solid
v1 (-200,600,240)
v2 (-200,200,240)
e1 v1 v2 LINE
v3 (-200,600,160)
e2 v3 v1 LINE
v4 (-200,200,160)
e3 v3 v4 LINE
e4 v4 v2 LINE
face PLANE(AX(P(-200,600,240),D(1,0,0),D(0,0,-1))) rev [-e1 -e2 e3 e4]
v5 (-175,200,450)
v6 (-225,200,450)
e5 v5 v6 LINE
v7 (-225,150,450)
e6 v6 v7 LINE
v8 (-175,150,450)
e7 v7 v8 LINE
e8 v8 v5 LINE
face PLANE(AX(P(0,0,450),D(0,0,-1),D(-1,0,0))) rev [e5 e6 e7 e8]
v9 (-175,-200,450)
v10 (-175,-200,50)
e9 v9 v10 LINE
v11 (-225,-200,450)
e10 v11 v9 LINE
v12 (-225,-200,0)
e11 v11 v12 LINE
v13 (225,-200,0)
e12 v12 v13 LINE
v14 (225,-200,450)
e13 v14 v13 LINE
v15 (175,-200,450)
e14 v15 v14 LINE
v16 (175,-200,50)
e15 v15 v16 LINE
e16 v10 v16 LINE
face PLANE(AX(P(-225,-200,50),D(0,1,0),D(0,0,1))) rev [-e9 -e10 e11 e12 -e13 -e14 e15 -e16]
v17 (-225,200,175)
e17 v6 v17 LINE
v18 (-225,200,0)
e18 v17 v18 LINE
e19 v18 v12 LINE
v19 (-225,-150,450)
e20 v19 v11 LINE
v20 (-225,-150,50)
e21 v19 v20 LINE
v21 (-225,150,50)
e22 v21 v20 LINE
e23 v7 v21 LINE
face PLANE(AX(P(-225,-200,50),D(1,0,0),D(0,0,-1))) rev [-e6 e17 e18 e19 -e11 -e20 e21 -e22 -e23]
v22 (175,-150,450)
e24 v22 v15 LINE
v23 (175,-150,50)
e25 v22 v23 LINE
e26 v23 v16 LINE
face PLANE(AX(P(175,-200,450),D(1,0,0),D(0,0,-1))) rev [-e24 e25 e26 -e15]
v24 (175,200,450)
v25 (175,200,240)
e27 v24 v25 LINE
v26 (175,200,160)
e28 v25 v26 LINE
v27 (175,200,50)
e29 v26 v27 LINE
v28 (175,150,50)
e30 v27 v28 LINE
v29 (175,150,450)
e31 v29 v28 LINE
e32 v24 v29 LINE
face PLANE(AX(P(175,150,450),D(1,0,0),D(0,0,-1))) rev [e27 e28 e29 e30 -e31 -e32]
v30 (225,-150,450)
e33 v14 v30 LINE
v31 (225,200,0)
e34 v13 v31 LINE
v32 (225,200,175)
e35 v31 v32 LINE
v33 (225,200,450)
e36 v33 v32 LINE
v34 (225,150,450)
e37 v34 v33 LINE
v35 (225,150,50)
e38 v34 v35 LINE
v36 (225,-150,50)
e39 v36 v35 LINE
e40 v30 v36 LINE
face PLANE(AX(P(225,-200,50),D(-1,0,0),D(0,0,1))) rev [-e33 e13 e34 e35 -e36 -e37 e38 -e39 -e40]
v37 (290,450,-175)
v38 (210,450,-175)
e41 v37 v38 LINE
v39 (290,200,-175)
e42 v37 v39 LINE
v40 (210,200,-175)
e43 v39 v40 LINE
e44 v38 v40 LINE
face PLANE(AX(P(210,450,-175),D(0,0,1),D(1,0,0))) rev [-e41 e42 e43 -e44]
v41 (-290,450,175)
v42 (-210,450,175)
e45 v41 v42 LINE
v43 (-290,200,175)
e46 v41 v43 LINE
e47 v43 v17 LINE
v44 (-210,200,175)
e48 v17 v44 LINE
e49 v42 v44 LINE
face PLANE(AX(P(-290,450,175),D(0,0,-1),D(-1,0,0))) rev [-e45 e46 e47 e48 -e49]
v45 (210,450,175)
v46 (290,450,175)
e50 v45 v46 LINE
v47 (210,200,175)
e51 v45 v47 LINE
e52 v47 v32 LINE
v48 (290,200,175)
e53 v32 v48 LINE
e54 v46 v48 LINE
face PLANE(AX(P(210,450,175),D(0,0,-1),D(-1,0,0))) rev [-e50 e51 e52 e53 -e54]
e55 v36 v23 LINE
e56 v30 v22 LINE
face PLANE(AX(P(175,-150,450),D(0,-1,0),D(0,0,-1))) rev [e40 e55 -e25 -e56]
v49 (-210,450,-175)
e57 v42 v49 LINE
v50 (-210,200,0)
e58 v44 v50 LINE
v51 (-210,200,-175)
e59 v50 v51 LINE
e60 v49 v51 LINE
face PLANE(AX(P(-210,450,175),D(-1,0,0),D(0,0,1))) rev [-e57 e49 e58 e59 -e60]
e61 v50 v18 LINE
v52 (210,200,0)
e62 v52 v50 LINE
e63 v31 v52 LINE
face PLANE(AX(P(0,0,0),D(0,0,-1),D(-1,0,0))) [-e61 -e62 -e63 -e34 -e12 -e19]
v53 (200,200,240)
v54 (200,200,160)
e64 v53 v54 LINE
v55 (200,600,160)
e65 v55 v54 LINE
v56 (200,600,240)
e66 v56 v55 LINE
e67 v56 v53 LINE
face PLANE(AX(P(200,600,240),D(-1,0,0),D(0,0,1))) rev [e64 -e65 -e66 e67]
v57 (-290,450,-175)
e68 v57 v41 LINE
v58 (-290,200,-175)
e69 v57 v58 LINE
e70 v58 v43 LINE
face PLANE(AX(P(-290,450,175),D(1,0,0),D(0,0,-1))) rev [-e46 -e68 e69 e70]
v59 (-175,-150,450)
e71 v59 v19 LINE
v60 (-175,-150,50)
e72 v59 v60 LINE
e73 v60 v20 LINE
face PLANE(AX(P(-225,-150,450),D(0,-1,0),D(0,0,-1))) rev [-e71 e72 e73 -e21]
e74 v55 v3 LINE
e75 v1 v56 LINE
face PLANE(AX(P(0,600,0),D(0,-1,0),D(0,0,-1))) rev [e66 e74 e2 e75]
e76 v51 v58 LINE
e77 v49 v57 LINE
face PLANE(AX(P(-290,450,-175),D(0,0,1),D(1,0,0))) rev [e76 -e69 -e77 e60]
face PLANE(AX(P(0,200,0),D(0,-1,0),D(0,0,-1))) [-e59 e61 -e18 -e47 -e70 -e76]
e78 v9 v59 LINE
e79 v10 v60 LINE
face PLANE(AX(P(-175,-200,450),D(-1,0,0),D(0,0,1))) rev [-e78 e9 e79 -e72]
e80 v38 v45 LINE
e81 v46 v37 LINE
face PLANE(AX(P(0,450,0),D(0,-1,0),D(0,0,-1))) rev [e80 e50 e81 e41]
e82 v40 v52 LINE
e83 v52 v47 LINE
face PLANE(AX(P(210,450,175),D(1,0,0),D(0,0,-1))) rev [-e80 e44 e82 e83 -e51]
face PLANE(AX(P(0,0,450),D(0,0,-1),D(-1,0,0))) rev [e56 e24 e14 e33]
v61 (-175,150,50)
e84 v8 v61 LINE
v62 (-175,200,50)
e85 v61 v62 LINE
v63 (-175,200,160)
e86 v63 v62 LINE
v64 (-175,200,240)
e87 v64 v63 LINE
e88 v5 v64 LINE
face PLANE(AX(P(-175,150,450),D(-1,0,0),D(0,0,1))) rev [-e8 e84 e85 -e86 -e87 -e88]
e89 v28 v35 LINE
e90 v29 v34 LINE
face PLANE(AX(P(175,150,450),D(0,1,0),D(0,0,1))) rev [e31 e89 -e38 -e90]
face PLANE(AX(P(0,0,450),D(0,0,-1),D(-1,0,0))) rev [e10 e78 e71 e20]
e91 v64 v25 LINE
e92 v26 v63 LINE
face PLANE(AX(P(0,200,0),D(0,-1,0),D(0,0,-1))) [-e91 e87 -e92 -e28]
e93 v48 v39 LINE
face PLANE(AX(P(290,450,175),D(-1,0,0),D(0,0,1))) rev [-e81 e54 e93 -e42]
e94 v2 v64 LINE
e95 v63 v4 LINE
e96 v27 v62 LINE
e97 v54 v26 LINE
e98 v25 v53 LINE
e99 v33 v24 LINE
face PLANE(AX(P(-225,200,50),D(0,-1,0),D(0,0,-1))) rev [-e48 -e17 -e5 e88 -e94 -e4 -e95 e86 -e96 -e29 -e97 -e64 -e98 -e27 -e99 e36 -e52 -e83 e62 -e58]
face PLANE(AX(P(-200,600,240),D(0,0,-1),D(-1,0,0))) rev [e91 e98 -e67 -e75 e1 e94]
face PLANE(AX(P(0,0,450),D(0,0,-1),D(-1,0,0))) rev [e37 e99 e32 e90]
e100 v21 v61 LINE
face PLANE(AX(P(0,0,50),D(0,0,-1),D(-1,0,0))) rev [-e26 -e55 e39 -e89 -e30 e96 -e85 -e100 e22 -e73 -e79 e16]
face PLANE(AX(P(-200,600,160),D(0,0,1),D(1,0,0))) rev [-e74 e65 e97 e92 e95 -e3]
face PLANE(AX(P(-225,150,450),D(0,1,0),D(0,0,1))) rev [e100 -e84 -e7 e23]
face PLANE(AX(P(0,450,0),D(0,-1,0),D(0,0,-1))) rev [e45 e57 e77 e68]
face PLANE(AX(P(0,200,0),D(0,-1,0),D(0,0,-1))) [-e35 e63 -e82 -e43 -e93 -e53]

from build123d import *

# Parameters (mm, degrees)
SKETCH_1_W      = 450
SKETCH_1_H      = 400
EXTRUDE_1_DEPTH = 50
SKETCH_2_W      = 50
SKETCH_2_H      = 50
EXTRUDE_2_DEPTH = 450
SKETCH_3_W      = 50
SKETCH_3_H      = 50
EXTRUDE_3_DEPTH = 450
SKETCH_4_W      = 50
SKETCH_4_H      = 50
EXTRUDE_4_DEPTH = 450
SKETCH_5_W      = 50
SKETCH_5_H      = 50
EXTRUDE_5_DEPTH = 450
SKETCH_6_W      = 400
SKETCH_6_H      = 80
EXTRUDE_6_DEPTH = 400
SKETCH_7_W      = 80
SKETCH_7_H      = 350
EXTRUDE_7_DEPTH = 250
SKETCH_8_W      = 80
SKETCH_8_H      = 350
EXTRUDE_8_DEPTH = 250


with BuildPart() as part:
    # 草图1 → 凸台-拉伸1 (new body)
    with BuildSketch(Plane.XY):
        Rectangle(SKETCH_1_W, SKETCH_1_H)
    extrude(amount=EXTRUDE_1_DEPTH)

    # 草图2 → 凸台-拉伸2 (add)
    with BuildSketch(Plane.XY):
        with Locations((-200, -175)):
            Rectangle(SKETCH_2_W, SKETCH_2_H)
    extrude(amount=EXTRUDE_2_DEPTH)

    # 草图3 → 凸台-拉伸3 (add)
    with BuildSketch(Plane.XY):
        with Locations((200, -175)):
            Rectangle(SKETCH_3_W, SKETCH_3_H)
    extrude(amount=EXTRUDE_3_DEPTH)

    # 草图4 → 凸台-拉伸4 (add)
    with BuildSketch(Plane.XY):
        with Locations((-200, 175)):
            Rectangle(SKETCH_4_W, SKETCH_4_H)
    extrude(amount=EXTRUDE_4_DEPTH)

    # 草图5 → 凸台-拉伸5 (add)
    with BuildSketch(Plane.XY):
        with Locations((200, 175)):
            Rectangle(SKETCH_5_W, SKETCH_5_H)
    extrude(amount=EXTRUDE_5_DEPTH)

    # 草图6 → 凸台-拉伸6 (add)
    with BuildSketch(Plane(origin=(0, 200, 0), x_dir=(1, 0, 0), z_dir=(0, 1, 0))):
        with Locations((0, -200)):
            Rectangle(SKETCH_6_W, SKETCH_6_H)
    extrude(amount=EXTRUDE_6_DEPTH)

    # 草图7 → 凸台-拉伸7 (add)
    with BuildSketch(Plane(origin=(0, 200, 0), x_dir=(1, 0, 0), z_dir=(0, 1, 0))):
        with Locations((-250, 0)):
            Rectangle(SKETCH_7_W, SKETCH_7_H)
    extrude(amount=EXTRUDE_7_DEPTH)

    # 草图8 → 凸台-拉伸8 (add)
    with BuildSketch(Plane(origin=(0, 200, 0), x_dir=(1, 0, 0), z_dir=(0, 1, 0))):
        with Locations((250, 0)):
            Rectangle(SKETCH_8_W, SKETCH_8_H)
    extrude(amount=EXTRUDE_8_DEPTH)


solid = part.part
